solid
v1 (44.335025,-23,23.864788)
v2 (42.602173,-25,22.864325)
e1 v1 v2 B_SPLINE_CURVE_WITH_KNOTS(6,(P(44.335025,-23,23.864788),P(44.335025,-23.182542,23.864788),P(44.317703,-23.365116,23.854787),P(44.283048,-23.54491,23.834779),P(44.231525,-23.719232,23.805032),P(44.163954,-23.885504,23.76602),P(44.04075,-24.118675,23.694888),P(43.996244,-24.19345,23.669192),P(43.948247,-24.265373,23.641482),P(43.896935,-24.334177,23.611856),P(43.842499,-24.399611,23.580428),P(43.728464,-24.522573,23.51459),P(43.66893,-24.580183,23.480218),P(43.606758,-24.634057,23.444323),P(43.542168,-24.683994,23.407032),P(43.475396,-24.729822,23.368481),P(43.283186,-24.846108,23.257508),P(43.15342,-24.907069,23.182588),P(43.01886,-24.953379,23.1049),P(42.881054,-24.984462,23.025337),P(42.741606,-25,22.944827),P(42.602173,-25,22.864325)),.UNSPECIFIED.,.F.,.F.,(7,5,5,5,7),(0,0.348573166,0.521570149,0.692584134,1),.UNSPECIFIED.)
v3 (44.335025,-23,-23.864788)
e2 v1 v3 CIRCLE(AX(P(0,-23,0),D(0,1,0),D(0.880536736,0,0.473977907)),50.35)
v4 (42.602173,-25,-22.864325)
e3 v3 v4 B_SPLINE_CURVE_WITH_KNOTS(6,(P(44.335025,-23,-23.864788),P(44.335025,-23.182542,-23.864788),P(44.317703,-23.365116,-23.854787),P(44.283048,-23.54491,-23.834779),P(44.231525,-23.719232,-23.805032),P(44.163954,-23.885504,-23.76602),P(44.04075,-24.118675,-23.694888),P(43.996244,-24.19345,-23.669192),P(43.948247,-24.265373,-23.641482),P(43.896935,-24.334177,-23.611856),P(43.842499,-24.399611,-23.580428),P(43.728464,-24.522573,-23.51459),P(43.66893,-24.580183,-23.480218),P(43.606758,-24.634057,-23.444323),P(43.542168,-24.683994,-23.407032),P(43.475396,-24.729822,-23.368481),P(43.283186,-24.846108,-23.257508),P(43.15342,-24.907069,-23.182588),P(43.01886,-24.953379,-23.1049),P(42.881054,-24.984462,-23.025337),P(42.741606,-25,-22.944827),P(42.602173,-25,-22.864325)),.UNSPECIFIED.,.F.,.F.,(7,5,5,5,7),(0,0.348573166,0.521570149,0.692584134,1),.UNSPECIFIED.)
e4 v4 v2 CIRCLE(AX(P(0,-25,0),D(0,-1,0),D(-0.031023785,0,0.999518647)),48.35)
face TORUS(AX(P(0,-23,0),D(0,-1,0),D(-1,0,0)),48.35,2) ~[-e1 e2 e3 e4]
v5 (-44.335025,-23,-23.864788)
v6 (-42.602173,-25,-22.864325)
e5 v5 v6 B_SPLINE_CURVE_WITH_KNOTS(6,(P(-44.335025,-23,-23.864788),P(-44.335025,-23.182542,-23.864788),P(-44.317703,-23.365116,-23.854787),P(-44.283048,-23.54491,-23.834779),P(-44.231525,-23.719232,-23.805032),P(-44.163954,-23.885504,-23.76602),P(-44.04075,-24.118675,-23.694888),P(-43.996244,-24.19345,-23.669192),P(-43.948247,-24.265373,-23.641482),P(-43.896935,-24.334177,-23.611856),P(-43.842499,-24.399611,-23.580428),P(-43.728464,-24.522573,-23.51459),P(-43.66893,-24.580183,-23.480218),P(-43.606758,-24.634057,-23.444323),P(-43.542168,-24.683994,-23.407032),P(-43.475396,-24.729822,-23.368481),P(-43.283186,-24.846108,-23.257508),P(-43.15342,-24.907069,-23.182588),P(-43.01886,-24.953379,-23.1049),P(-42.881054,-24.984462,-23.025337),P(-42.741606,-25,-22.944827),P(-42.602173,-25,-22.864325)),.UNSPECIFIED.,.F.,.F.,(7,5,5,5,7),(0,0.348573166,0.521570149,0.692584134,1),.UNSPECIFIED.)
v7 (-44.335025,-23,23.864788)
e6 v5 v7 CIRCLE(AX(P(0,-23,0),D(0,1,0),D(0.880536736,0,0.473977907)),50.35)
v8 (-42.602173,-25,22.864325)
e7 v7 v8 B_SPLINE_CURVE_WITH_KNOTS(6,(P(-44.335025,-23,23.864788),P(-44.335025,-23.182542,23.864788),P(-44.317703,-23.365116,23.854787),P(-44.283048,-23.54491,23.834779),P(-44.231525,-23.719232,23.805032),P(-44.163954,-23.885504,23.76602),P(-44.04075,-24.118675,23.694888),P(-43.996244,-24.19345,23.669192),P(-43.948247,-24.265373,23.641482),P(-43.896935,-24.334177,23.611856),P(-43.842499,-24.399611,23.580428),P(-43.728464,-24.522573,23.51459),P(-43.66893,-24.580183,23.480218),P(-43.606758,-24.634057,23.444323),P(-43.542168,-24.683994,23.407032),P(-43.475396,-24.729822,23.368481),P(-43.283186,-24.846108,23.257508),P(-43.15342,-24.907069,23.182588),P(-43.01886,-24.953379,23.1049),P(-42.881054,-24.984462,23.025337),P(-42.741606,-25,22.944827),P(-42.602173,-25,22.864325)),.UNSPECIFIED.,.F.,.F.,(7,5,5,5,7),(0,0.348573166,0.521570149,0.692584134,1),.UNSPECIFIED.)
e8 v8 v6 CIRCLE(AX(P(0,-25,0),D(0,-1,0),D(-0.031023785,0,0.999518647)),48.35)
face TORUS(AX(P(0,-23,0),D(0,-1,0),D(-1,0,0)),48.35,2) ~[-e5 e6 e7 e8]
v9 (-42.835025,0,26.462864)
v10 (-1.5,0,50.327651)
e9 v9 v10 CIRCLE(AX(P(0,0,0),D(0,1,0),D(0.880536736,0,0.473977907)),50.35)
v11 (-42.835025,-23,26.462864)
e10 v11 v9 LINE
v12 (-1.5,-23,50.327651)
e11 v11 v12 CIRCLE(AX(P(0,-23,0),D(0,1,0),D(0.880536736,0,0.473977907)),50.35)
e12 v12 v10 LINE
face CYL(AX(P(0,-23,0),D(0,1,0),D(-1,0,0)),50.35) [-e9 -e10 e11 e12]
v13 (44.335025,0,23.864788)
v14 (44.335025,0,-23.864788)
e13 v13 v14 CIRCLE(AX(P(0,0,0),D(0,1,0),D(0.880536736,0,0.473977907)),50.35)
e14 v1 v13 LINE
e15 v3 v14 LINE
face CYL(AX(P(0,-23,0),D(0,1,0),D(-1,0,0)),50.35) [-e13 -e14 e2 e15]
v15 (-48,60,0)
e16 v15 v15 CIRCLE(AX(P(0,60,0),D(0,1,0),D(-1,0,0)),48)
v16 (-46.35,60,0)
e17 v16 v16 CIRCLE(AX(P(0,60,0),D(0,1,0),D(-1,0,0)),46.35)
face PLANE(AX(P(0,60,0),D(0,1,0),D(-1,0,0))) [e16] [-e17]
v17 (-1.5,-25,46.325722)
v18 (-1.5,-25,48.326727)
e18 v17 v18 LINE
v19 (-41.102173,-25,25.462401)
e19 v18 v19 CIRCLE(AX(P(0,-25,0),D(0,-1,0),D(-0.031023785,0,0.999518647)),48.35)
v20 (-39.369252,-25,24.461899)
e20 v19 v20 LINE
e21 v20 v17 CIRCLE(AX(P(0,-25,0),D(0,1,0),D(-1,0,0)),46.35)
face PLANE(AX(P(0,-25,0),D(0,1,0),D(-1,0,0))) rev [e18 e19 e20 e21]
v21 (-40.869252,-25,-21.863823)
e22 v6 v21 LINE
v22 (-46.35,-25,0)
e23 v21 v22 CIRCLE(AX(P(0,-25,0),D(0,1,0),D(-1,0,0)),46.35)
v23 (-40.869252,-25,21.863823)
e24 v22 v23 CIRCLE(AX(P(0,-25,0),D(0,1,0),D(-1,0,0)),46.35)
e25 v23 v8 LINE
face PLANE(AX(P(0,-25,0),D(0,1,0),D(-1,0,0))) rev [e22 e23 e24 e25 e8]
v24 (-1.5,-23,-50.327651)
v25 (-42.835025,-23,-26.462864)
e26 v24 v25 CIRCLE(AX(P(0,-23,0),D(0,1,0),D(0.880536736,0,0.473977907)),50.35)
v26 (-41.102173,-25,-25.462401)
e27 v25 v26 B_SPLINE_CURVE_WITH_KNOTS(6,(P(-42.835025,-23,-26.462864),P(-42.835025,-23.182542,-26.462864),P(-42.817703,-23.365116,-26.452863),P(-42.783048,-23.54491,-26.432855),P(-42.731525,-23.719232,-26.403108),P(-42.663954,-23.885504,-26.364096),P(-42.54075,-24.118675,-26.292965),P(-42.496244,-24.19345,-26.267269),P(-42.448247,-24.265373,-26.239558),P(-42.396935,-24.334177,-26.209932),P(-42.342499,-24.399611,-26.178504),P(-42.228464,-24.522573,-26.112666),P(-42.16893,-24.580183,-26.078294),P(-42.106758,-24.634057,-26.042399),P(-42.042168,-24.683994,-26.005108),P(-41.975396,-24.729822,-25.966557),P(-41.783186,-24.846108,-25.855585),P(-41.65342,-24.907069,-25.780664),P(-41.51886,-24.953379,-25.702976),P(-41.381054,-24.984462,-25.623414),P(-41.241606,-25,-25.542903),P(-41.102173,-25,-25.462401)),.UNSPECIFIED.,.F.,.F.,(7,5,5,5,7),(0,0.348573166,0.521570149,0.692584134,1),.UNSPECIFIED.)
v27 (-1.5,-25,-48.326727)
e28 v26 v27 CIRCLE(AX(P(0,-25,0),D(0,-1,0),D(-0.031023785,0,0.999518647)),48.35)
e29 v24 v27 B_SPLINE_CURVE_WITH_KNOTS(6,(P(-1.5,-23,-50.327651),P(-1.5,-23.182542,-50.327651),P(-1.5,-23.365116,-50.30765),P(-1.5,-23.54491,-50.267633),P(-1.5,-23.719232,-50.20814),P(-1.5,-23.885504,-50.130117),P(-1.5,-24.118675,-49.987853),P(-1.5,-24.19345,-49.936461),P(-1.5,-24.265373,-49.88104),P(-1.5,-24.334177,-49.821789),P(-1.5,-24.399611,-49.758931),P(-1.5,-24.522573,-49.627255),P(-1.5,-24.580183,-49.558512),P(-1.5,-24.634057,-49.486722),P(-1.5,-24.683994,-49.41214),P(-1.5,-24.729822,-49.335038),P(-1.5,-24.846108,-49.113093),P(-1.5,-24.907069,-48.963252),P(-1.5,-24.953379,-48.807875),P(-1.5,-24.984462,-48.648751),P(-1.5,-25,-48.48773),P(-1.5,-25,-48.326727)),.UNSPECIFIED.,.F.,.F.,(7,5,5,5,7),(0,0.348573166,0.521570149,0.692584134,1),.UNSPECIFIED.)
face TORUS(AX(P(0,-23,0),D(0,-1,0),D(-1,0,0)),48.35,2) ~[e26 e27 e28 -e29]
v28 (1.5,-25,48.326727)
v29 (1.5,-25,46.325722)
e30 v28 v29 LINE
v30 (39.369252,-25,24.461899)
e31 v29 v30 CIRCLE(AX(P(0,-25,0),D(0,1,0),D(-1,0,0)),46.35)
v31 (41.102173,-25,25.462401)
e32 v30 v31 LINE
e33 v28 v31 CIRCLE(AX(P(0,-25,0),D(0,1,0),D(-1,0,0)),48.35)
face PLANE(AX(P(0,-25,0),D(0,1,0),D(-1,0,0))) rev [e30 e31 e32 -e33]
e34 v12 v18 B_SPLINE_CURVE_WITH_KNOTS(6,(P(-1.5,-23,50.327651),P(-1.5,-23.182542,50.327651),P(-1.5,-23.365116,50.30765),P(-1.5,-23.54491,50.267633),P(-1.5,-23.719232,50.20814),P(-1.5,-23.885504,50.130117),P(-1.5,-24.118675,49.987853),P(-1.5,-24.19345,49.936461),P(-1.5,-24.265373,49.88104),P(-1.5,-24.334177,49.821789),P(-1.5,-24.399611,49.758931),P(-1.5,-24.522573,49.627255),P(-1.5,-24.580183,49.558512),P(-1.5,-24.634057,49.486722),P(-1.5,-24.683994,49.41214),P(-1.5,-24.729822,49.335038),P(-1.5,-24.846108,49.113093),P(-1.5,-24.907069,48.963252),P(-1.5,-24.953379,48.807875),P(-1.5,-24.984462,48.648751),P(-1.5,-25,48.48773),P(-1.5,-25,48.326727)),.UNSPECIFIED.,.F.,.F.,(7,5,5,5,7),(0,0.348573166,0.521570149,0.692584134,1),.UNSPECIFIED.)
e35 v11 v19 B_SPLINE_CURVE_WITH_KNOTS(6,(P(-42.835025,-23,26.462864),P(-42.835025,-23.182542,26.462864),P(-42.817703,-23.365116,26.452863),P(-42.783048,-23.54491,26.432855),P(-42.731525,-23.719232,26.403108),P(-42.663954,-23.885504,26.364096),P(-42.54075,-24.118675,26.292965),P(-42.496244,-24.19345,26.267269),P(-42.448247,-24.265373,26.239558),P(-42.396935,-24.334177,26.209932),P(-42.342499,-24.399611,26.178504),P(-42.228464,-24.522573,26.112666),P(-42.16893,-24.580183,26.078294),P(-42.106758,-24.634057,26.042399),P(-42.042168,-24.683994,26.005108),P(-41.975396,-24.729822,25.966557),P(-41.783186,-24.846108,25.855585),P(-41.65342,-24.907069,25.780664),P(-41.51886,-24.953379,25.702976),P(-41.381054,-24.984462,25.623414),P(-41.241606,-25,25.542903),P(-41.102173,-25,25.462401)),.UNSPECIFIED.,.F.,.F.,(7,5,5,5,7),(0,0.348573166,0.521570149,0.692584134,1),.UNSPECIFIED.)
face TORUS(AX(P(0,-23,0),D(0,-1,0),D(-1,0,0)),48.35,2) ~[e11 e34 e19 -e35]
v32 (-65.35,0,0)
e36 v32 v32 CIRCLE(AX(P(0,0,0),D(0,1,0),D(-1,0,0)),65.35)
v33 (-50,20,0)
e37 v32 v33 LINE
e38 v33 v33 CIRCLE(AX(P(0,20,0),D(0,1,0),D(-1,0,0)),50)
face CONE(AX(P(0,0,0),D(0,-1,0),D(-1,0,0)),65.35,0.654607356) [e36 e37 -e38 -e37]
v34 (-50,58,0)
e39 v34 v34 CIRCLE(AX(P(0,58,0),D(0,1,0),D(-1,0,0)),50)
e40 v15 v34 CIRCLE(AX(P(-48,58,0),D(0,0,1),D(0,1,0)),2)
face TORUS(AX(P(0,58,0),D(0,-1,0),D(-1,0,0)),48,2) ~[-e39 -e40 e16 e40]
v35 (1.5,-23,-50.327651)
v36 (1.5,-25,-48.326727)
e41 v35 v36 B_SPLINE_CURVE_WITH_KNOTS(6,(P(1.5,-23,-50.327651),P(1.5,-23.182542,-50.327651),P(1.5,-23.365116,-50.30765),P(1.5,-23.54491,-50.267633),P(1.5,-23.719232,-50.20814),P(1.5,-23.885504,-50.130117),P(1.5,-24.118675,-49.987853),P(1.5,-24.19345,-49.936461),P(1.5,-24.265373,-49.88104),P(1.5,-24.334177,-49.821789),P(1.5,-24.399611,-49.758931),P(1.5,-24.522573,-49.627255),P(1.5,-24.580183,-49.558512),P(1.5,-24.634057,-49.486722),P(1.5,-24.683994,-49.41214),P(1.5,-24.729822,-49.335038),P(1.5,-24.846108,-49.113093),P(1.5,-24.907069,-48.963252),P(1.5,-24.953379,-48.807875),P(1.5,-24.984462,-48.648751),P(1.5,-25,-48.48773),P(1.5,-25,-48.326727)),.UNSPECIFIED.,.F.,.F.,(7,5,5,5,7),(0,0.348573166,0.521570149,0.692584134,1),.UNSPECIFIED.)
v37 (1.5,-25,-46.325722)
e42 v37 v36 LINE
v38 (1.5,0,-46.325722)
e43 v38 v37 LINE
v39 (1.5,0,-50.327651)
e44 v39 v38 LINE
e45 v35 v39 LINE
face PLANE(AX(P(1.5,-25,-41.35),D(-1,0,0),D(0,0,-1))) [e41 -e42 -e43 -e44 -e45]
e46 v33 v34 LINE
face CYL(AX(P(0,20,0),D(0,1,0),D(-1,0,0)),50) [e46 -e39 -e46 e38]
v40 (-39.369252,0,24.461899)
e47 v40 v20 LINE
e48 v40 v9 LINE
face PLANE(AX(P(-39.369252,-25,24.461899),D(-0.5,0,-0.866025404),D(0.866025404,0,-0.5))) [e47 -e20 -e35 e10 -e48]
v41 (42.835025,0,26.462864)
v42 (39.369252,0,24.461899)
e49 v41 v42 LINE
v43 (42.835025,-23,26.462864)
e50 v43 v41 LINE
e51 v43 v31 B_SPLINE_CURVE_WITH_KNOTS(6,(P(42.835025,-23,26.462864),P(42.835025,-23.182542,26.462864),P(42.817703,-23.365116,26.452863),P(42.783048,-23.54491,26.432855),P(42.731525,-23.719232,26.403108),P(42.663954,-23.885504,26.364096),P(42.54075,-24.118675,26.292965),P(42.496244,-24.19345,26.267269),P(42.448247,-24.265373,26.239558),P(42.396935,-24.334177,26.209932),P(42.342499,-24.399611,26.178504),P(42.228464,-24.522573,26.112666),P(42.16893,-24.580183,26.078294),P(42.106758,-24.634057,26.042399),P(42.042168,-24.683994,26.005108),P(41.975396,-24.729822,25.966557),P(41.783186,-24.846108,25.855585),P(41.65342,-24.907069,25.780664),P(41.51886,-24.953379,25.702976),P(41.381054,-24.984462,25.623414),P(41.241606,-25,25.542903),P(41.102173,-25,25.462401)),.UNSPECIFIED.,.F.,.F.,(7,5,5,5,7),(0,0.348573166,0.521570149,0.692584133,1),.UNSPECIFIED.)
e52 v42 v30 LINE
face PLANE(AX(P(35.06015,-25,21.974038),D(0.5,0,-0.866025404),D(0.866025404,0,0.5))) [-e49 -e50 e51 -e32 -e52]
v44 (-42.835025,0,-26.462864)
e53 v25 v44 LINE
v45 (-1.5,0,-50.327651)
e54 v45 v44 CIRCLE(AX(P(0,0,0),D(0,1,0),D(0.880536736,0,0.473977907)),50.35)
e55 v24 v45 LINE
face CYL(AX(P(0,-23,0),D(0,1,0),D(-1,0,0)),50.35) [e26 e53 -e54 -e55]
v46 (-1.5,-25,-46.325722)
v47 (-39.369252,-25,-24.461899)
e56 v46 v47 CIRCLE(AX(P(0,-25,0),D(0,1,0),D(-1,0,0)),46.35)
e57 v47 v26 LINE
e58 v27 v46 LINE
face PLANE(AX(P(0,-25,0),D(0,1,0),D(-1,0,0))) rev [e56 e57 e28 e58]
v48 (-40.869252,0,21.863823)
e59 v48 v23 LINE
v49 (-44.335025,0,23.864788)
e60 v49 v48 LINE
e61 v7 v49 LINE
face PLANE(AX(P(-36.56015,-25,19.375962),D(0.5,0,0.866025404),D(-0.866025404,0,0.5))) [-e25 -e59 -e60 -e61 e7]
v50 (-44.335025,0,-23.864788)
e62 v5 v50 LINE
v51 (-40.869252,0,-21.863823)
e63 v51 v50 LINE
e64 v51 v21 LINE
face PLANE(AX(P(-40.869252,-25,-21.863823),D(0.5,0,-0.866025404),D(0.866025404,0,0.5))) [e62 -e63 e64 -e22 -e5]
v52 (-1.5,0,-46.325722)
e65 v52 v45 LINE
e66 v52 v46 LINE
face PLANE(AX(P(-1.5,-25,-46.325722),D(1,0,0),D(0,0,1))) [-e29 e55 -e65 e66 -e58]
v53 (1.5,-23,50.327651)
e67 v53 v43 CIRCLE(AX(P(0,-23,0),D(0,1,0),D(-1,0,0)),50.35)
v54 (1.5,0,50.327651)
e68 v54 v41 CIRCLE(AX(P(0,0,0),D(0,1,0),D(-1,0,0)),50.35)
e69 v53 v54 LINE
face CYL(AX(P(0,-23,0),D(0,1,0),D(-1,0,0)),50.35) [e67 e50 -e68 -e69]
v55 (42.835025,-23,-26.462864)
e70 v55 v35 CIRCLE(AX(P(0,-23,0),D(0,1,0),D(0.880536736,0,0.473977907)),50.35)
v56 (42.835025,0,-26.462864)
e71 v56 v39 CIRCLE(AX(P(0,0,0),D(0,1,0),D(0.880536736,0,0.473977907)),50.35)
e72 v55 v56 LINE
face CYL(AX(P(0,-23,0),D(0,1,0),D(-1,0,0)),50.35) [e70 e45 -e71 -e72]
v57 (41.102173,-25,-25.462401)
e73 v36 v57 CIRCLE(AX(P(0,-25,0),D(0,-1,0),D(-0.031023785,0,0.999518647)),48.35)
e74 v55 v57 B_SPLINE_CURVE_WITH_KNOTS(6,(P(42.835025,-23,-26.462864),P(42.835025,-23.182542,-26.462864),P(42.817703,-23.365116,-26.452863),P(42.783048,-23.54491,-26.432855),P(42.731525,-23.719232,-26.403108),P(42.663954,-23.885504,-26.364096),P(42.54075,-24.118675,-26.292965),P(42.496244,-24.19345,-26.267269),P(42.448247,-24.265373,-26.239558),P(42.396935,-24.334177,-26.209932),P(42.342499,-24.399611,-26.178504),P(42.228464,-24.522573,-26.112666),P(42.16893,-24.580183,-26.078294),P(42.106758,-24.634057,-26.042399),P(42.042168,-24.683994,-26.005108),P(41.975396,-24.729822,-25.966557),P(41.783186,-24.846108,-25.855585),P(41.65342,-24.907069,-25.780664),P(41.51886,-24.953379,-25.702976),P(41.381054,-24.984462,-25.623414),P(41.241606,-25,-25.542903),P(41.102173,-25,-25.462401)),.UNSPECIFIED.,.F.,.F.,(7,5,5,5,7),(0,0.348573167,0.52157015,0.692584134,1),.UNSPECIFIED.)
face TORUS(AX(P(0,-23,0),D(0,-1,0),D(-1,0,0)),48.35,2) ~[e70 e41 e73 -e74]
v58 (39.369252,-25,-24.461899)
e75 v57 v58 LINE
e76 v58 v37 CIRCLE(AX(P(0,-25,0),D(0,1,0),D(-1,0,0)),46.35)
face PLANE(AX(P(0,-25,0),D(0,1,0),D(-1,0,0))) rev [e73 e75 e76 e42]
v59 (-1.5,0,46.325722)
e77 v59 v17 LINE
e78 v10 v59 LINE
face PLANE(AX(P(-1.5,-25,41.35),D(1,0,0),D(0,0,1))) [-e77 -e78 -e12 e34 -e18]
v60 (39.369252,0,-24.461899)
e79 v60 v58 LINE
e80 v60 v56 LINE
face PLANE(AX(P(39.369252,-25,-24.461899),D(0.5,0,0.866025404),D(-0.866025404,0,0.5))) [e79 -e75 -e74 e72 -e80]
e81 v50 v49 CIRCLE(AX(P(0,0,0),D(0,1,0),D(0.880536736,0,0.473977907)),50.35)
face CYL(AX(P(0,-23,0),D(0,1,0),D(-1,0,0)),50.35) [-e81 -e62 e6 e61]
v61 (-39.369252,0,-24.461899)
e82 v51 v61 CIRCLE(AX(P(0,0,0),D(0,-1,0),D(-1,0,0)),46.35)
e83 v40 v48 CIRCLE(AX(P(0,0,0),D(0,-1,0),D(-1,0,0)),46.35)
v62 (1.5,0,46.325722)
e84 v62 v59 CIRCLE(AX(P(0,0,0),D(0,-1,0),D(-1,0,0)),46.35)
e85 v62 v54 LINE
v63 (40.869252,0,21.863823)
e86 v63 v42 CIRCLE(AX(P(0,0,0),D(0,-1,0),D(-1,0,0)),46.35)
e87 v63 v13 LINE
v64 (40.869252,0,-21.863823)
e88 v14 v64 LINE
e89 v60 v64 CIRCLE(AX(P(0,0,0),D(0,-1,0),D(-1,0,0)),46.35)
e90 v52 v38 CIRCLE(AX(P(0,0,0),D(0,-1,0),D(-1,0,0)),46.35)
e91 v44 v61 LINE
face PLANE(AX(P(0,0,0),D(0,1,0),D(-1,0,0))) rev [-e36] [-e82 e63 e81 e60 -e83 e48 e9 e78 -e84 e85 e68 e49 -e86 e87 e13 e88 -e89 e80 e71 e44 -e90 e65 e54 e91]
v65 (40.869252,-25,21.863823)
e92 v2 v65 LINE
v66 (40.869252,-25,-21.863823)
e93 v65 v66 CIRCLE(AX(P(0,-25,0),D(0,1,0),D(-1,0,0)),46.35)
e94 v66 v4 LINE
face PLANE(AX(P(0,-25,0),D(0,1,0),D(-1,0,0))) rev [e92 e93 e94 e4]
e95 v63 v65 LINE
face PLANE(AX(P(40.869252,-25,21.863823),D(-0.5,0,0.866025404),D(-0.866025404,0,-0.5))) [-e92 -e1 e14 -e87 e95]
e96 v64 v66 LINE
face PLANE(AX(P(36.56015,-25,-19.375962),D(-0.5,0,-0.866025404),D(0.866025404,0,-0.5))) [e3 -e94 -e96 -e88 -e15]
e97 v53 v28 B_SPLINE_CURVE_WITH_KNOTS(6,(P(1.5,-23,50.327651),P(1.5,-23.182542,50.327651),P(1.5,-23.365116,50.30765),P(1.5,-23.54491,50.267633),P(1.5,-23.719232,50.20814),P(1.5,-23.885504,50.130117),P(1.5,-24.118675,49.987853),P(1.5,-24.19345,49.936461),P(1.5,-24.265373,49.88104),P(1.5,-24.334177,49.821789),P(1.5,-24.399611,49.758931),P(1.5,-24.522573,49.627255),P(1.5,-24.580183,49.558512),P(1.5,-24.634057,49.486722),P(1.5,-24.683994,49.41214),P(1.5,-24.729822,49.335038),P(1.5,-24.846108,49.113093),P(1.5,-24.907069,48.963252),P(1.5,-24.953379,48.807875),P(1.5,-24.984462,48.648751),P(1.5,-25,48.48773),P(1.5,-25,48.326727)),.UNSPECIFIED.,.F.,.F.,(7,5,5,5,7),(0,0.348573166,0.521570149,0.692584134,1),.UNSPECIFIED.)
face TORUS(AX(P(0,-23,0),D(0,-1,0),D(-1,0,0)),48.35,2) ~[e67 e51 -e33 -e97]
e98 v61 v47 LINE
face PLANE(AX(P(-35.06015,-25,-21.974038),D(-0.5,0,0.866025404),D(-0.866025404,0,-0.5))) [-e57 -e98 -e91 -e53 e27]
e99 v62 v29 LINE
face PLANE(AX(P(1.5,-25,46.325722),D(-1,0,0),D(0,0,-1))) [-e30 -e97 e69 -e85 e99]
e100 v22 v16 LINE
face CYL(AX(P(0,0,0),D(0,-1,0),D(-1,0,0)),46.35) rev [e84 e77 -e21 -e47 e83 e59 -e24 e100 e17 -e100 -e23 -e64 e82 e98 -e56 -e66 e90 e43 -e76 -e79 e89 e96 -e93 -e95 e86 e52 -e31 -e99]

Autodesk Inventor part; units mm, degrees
ref_plane "YZ Plane" through (0, 0, 0) normal (1, 0, 0) x (0, 1, 0)
ref_plane "XZ Plane" through (0, 0, 0) normal (0, 1, 0) x (-1, 0, 0)
ref_plane "XY Plane" through (0, 0, 0) normal (0, 0, 1) x (1, 0, 0)
sketch "Sketch1" plane through (0, 0, 0) normal (0, 0, 1) x (1, 0, 0)
  line L0 (-50.35, 0) -> (-46.35, 0)
  line L1 (-46.35, 0) -> (-46.35, -25)
  line L2 (-46.35, -25) -> (-48.35, -25)
  line L3 (-50.35, -23) -> (-50.35, 0)
  line L4 (-46.35, 20) -> (-50, 20)
  line L5 (-50, 20) -> (-50, 58)
  line L6 (-48, 60) -> (-46.35, 60)
  line L7 (-46.35, 60) -> (-46.35, 20)
  line L8 (-50.35, 0) -> (-65.35, 0)
  line L9 (-65.35, 0) -> (-50, 20)
  line L10 (-46.35, 20) -> (-46.35, 0)
  arc A0 (-48, 60) -> (-50, 58) centre (-48, 58) ccw
  arc A1 (-50.35, -23) -> (-48.35, -25) centre (-48.35, -23) ccw
  line L11 (0, -42.5799) -> (0, 77.5799) projected
  point P0 (0, 0)
  point P1 (-50.35, -25)
  point P2 (-50, 60)
  point P3 (-48.35, 0)
  dimension "d4" = 4
  dimension "d5" = 25
  dimension "d7" = 40
  dimension "d8" = 15
  dimension "d9" = 50.35
  dimension "d10" = 2
  dimension "d12" = 20
  dimension "d20" = 50
revolve "Revolution1" add sketch "Sketch1" angle 360 about axis through (0, -10, 0) along (0, 1, 0)
sketch "Sketch2" plane through (0, -25, 0) normal (0, -1, 0) x (1, 0, 0)
  line L0 (1.5, 41.35) -> (-1.5, 41.35)
  line L1 (-1.5, 41.35) -> (-1.5, 51.35)
  line L2 (-1.5, 51.35) -> (1.5, 51.35)
  line L3 (1.5, 51.35) -> (1.5, 41.35)
  circle A0 centre (0, 0) radius 46.35 projected
  line L4 (1.5, 41.35) -> (-1.5, 51.35) construction
  line L5 (-1.5, 41.35) -> (1.5, 51.35) construction
  point P0 (0, 46.35)
  dimension "d13" = 3
  dimension "d14" = 10
extrude "Extrusion1" cut sketch "Sketch2" against normal blind 25 contours L0 L1 A0 L3 | A0 L1 L2 L3 picked at (-0.1667, 43.0158)
pattern_circular "Circular Pattern1" count 6 over 360 about axis through (0, -10, 0) along (0, 1, 0) of "Extrusion1"
properties part number "top-ventilation-tube-adapter-100.9mmID-to-95mmID"
